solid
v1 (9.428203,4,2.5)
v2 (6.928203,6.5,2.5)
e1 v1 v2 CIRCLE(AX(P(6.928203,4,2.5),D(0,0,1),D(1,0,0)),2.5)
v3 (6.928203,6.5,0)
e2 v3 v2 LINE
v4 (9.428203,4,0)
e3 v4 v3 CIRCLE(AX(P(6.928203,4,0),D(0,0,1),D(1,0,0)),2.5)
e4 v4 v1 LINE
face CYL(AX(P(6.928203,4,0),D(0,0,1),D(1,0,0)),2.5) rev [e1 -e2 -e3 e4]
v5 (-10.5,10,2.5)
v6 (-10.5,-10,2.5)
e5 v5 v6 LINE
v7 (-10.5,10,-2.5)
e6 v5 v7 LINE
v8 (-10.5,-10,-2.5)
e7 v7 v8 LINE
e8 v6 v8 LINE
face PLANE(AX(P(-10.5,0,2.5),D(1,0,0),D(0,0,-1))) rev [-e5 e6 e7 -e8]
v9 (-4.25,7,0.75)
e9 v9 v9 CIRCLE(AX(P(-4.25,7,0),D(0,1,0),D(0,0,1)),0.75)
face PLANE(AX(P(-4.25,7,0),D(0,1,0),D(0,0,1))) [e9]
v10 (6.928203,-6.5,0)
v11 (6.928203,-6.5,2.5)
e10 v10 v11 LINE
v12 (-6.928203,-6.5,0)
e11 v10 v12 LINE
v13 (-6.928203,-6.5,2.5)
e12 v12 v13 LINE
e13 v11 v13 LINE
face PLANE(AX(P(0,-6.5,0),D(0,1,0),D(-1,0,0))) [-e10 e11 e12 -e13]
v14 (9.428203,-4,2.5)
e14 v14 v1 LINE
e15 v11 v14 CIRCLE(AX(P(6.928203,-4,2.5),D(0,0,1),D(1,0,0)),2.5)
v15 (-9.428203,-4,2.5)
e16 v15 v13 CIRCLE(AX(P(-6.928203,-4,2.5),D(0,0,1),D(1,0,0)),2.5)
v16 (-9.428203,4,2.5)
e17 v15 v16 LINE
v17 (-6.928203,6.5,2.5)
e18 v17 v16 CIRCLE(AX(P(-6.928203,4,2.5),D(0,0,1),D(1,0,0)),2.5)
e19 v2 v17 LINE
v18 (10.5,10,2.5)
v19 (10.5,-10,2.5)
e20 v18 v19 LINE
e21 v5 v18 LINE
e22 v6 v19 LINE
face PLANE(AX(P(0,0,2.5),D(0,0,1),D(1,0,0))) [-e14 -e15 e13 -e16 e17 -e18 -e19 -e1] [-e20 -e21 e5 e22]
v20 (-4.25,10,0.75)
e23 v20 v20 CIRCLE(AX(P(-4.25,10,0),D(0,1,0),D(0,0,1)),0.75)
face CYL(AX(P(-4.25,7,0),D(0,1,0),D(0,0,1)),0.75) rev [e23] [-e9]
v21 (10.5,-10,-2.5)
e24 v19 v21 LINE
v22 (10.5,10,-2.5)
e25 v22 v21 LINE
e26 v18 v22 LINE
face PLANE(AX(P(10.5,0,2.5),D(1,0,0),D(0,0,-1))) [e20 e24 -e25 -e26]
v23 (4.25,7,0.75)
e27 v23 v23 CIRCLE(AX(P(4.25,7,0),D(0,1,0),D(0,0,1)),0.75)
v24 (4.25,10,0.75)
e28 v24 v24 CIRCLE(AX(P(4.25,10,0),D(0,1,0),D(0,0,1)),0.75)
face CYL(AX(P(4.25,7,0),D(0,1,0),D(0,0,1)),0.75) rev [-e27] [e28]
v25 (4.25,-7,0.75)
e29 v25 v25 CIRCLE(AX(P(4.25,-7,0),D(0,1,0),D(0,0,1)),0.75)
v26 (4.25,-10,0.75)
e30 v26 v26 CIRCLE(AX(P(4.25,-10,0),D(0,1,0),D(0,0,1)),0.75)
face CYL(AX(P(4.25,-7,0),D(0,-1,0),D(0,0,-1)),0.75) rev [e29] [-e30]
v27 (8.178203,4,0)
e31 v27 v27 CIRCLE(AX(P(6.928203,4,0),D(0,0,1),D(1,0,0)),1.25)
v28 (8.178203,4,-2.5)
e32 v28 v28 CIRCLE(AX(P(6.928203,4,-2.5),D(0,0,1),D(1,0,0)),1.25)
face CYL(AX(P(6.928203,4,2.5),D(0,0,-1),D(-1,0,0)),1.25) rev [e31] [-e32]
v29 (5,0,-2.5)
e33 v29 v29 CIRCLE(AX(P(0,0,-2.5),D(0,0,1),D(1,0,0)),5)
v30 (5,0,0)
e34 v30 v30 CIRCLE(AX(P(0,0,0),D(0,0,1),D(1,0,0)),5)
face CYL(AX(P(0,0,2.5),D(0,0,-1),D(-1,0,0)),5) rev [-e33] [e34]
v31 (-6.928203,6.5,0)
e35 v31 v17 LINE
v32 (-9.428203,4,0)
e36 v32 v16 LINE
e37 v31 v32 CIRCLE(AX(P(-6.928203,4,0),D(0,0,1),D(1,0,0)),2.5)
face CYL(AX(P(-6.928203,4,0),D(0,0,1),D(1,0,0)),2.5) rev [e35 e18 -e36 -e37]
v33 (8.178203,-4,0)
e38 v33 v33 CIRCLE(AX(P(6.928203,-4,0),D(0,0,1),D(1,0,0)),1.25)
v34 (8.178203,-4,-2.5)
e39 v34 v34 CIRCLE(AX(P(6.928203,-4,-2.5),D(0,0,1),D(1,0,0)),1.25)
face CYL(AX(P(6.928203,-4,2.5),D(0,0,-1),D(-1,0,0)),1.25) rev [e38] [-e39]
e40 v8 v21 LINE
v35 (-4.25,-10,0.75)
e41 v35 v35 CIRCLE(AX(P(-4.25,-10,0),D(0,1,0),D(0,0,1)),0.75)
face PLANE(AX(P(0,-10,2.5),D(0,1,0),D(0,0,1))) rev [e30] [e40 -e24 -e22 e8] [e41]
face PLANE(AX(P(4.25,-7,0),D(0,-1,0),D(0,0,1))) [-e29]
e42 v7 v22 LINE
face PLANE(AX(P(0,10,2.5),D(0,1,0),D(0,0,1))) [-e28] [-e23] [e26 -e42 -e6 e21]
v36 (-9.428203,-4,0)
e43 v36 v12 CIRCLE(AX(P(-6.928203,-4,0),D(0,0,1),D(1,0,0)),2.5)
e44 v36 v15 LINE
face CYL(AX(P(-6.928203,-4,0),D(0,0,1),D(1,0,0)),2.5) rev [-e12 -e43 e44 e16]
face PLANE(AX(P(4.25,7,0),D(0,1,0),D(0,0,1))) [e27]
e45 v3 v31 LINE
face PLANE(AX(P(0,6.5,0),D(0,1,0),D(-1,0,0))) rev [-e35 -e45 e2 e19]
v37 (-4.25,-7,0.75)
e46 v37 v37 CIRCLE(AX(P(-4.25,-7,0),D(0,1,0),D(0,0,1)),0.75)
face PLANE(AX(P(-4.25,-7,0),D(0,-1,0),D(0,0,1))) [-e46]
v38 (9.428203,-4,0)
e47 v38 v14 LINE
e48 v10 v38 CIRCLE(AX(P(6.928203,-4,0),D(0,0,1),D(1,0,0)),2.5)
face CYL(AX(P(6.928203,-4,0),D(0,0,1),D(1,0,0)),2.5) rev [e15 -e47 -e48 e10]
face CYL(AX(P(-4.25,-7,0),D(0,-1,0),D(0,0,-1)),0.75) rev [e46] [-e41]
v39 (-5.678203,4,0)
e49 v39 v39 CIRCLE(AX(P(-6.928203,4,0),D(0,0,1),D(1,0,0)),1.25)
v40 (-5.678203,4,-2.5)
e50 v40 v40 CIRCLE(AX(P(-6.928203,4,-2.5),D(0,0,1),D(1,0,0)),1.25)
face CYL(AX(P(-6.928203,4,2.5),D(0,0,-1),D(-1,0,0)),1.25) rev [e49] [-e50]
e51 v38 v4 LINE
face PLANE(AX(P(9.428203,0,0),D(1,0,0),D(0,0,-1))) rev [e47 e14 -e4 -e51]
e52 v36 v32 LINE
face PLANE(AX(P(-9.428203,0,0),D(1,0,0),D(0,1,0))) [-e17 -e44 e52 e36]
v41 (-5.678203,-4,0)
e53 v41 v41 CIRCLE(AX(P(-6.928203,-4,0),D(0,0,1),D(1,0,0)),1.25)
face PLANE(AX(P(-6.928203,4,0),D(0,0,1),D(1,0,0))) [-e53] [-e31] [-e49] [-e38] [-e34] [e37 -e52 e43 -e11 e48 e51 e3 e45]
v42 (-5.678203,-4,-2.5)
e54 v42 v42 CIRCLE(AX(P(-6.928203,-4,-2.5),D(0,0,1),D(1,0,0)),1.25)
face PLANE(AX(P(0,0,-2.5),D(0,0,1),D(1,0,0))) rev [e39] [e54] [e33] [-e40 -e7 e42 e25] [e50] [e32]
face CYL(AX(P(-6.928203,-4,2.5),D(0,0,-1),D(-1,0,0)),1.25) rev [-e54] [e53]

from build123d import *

# Parameters (mm, degrees)
SKIZZE1_W                       = 21
SKIZZE1_H                       = 20
SKIZZE1_R                       = 5
SKIZZE1_R_2                     = 1.25
AUFSATZ_LINEAR_AUSTRAGEN1_DEPTH = 2.5
SCHNITT_LINEAR_START            = 2.5
SCHNITT_LINEAR_AUSTRAGEN1_DEPTH = 2.5
SKIZZE4_R                       = 0.75
SCHNITT_LINEAR_AUSTRAGEN2_DEPTH = 3


with BuildPart() as part:
    # Skizze1 → Aufsatz-Linear austragen1 (new body, symmetric)
    with BuildSketch(Plane.XY):
        Rectangle(SKIZZE1_W, SKIZZE1_H)
        Circle(SKIZZE1_R, mode=Mode.SUBTRACT)
        with Locations((6.92820323, 4)):
            Circle(SKIZZE1_R_2, mode=Mode.SUBTRACT)
        with Locations((-6.92820323, -4)):
            Circle(SKIZZE1_R_2, mode=Mode.SUBTRACT)
        with Locations((-6.92820323, 4)):
            Circle(SKIZZE1_R_2, mode=Mode.SUBTRACT)
        with Locations((6.92820323, -4)):
            Circle(SKIZZE1_R_2, mode=Mode.SUBTRACT)
    extrude(amount=AUFSATZ_LINEAR_AUSTRAGEN1_DEPTH, both=True)

    # Skizze1<3> → Schnitt-Linear austragen1 (cut)
    with BuildSketch(Plane.XY.offset(SCHNITT_LINEAR_START)):
        with BuildLine():
            Line((-6.92820323, 6.5), (6.92820323, 6.5))
            ThreePointArc((6.92820323, 6.5), (8.695970183, 5.767766953), (9.42820323, 4))
            Line((9.42820323, 4), (9.42820323, -4))
            ThreePointArc((9.42820323, -4), (8.695970183, -5.767766953), (6.92820323, -6.5))
            Line((6.92820323, -6.5), (-6.92820323, -6.5))
            ThreePointArc((-6.92820323, -6.5), (-8.695970183, -5.767766953), (-9.42820323, -4))
            Line((-9.42820323, -4), (-9.42820323, 4))
            ThreePointArc((-9.42820323, 4), (-8.695970183, 5.767766953), (-6.92820323, 6.5))
        make_face()
    extrude(amount=-SCHNITT_LINEAR_AUSTRAGEN1_DEPTH, mode=Mode.SUBTRACT)

    # Skizze4 → Schnitt-Linear austragen2 (cut)
    with BuildSketch(Plane(origin=(0, 10, 0), x_dir=(1, 0, 0), z_dir=(0, 1, 0))):
        with Locations((-4.25, 0)):
            Circle(SKIZZE4_R)
        with Locations((4.25, 0)):
            Circle(SKIZZE4_R)
    schnitt_linear_austragen2 = extrude(amount=-SCHNITT_LINEAR_AUSTRAGEN2_DEPTH, mode=Mode.SUBTRACT)

    # Spiegeln1: Schnitt-Linear austragen2 across plane
    add(schnitt_linear_austragen2.mirror(Plane.ZX), mode=Mode.SUBTRACT)


solid = part.part
